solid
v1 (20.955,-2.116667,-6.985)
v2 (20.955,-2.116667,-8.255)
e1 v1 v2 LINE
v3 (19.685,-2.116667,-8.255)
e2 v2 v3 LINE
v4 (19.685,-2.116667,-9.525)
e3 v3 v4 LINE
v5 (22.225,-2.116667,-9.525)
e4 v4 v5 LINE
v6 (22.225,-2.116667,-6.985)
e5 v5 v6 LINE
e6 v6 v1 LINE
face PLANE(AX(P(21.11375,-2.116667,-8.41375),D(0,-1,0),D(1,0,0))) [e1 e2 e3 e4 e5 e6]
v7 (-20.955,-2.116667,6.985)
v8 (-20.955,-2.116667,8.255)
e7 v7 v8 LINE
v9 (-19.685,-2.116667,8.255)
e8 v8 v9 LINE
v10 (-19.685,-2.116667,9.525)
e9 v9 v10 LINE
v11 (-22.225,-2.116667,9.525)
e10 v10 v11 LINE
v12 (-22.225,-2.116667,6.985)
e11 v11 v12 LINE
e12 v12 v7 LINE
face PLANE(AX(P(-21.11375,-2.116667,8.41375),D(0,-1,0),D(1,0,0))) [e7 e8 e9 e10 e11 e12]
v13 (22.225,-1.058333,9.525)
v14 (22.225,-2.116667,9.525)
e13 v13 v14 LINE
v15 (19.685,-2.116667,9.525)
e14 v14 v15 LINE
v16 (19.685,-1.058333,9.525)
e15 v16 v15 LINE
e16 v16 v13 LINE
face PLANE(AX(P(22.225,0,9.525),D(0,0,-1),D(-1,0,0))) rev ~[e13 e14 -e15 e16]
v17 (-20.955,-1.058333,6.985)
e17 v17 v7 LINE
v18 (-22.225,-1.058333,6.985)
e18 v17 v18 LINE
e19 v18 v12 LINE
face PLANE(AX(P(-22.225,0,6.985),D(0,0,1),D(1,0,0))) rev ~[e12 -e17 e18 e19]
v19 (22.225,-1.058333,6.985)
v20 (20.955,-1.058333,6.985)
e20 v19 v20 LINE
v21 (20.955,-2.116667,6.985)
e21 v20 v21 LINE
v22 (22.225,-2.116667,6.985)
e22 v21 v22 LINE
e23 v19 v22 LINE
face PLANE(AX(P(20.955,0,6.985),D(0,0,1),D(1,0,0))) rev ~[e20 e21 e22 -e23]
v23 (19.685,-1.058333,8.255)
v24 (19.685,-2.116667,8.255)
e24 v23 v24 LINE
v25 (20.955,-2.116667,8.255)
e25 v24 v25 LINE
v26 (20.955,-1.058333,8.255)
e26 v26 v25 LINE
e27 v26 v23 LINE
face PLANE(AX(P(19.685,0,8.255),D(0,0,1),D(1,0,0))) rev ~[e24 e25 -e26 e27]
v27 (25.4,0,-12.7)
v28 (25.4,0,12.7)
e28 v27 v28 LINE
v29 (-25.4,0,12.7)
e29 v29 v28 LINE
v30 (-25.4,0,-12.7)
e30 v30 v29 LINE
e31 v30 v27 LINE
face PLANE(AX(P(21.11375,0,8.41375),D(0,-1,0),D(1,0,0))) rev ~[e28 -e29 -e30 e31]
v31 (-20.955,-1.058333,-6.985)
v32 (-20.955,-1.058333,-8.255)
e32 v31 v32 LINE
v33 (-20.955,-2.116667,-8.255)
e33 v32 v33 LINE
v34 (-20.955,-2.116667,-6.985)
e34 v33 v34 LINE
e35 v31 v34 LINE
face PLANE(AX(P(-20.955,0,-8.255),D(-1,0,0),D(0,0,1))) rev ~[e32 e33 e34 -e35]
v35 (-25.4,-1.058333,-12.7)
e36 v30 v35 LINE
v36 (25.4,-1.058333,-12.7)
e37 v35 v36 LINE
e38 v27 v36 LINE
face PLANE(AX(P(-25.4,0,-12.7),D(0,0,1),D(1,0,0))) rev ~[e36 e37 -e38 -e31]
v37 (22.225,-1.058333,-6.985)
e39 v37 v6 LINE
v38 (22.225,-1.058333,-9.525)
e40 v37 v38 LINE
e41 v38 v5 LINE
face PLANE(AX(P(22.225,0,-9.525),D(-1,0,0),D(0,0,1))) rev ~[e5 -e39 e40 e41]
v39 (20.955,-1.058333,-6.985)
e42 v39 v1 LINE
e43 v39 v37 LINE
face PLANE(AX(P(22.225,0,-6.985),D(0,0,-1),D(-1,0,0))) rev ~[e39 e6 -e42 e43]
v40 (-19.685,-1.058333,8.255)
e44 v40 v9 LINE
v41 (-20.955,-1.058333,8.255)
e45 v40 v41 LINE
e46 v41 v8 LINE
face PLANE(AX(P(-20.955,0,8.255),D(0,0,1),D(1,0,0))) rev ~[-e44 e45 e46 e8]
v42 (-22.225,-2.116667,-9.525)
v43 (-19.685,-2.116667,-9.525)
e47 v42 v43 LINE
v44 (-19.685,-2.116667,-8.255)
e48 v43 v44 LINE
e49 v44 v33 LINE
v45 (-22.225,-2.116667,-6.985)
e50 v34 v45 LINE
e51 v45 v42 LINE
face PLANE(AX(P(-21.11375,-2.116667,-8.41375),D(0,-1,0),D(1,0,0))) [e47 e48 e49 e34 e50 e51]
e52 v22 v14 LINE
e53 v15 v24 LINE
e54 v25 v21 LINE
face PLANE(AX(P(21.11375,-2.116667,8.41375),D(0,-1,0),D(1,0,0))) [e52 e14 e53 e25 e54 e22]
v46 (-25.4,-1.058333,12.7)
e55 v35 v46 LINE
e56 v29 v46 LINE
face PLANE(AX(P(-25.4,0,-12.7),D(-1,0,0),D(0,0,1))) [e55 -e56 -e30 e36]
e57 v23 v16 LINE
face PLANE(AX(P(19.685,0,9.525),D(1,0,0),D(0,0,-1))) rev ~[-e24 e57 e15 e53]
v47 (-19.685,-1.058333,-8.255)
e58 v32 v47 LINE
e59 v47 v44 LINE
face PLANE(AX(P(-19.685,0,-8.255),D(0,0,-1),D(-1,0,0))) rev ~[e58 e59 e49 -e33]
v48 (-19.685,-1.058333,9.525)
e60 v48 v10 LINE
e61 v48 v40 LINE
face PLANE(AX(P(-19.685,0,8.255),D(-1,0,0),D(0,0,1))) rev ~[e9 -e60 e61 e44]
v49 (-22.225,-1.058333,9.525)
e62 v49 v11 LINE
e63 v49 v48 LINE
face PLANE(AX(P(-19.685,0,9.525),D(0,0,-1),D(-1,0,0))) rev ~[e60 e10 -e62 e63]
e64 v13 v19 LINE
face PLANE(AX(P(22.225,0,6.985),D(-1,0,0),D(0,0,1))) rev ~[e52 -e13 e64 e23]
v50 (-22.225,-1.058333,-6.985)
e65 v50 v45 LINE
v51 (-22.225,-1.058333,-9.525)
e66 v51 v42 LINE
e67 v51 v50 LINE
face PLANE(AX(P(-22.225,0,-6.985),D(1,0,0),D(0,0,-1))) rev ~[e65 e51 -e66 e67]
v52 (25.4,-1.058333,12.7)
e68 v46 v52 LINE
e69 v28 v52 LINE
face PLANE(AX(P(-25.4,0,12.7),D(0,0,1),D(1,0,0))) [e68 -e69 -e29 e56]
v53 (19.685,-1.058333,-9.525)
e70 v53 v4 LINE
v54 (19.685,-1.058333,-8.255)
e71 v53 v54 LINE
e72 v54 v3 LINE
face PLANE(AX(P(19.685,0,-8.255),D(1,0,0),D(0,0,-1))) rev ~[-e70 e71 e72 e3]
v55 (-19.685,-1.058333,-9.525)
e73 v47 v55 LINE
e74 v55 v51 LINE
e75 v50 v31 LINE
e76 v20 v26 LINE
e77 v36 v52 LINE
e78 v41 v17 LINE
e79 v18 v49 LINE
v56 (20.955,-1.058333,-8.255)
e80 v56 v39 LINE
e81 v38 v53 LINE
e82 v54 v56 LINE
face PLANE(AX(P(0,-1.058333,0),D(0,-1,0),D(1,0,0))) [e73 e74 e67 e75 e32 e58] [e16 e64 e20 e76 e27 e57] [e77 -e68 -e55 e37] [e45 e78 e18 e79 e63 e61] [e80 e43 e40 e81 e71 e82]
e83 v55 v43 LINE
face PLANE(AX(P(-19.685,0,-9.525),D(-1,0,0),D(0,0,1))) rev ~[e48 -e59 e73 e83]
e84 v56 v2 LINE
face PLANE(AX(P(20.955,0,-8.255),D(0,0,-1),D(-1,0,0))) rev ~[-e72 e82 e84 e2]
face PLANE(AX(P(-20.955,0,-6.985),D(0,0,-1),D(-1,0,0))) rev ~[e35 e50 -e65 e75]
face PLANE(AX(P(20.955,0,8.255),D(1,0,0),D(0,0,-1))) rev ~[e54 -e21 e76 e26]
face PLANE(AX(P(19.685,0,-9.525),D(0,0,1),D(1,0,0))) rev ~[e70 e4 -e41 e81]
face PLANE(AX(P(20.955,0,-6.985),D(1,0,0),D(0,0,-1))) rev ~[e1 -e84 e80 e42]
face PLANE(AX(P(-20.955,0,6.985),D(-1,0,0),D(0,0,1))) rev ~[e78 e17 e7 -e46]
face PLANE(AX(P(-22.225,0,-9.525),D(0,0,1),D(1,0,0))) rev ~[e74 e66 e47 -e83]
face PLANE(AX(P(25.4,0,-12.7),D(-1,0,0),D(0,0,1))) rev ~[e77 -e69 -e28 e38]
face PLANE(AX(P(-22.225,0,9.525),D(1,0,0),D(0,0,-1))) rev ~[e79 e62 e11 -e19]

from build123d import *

# Parameters (mm, degrees)
F0_W     = 50.8
F0_H     = 25.4
F1_DEPTH = 1.058333
F3_DEPTH = 2.116667


with BuildPart() as f1:
    # F0 (on Front) → F1 (new body)
    with BuildSketch(Plane.XZ):
        Rectangle(F0_W, F0_H)
    extrude(amount=F1_DEPTH)

    # F2 (on Front) → F3 (join)
    with BuildSketch(Plane.XZ):
        Polygon((22.225, 6.985), (22.225, 9.525), (19.685, 9.525), (19.685, 8.255), (20.955, 8.255), (20.955, 6.985), align=None)
        Polygon((19.685, -9.525), (22.225, -9.525), (22.225, -6.985), (20.955, -6.985), (20.955, -8.255), (19.685, -8.255), align=None)
        Polygon((-19.685, 9.525), (-22.225, 9.525), (-22.225, 6.985), (-20.955, 6.985), (-20.955, 8.255), (-19.685, 8.255), align=None)
        Polygon((-19.685, -9.525), (-19.685, -8.255), (-20.955, -8.255), (-20.955, -6.985), (-22.225, -6.985), (-22.225, -9.525), align=None)
    extrude(amount=F3_DEPTH)


solid = f1.part
